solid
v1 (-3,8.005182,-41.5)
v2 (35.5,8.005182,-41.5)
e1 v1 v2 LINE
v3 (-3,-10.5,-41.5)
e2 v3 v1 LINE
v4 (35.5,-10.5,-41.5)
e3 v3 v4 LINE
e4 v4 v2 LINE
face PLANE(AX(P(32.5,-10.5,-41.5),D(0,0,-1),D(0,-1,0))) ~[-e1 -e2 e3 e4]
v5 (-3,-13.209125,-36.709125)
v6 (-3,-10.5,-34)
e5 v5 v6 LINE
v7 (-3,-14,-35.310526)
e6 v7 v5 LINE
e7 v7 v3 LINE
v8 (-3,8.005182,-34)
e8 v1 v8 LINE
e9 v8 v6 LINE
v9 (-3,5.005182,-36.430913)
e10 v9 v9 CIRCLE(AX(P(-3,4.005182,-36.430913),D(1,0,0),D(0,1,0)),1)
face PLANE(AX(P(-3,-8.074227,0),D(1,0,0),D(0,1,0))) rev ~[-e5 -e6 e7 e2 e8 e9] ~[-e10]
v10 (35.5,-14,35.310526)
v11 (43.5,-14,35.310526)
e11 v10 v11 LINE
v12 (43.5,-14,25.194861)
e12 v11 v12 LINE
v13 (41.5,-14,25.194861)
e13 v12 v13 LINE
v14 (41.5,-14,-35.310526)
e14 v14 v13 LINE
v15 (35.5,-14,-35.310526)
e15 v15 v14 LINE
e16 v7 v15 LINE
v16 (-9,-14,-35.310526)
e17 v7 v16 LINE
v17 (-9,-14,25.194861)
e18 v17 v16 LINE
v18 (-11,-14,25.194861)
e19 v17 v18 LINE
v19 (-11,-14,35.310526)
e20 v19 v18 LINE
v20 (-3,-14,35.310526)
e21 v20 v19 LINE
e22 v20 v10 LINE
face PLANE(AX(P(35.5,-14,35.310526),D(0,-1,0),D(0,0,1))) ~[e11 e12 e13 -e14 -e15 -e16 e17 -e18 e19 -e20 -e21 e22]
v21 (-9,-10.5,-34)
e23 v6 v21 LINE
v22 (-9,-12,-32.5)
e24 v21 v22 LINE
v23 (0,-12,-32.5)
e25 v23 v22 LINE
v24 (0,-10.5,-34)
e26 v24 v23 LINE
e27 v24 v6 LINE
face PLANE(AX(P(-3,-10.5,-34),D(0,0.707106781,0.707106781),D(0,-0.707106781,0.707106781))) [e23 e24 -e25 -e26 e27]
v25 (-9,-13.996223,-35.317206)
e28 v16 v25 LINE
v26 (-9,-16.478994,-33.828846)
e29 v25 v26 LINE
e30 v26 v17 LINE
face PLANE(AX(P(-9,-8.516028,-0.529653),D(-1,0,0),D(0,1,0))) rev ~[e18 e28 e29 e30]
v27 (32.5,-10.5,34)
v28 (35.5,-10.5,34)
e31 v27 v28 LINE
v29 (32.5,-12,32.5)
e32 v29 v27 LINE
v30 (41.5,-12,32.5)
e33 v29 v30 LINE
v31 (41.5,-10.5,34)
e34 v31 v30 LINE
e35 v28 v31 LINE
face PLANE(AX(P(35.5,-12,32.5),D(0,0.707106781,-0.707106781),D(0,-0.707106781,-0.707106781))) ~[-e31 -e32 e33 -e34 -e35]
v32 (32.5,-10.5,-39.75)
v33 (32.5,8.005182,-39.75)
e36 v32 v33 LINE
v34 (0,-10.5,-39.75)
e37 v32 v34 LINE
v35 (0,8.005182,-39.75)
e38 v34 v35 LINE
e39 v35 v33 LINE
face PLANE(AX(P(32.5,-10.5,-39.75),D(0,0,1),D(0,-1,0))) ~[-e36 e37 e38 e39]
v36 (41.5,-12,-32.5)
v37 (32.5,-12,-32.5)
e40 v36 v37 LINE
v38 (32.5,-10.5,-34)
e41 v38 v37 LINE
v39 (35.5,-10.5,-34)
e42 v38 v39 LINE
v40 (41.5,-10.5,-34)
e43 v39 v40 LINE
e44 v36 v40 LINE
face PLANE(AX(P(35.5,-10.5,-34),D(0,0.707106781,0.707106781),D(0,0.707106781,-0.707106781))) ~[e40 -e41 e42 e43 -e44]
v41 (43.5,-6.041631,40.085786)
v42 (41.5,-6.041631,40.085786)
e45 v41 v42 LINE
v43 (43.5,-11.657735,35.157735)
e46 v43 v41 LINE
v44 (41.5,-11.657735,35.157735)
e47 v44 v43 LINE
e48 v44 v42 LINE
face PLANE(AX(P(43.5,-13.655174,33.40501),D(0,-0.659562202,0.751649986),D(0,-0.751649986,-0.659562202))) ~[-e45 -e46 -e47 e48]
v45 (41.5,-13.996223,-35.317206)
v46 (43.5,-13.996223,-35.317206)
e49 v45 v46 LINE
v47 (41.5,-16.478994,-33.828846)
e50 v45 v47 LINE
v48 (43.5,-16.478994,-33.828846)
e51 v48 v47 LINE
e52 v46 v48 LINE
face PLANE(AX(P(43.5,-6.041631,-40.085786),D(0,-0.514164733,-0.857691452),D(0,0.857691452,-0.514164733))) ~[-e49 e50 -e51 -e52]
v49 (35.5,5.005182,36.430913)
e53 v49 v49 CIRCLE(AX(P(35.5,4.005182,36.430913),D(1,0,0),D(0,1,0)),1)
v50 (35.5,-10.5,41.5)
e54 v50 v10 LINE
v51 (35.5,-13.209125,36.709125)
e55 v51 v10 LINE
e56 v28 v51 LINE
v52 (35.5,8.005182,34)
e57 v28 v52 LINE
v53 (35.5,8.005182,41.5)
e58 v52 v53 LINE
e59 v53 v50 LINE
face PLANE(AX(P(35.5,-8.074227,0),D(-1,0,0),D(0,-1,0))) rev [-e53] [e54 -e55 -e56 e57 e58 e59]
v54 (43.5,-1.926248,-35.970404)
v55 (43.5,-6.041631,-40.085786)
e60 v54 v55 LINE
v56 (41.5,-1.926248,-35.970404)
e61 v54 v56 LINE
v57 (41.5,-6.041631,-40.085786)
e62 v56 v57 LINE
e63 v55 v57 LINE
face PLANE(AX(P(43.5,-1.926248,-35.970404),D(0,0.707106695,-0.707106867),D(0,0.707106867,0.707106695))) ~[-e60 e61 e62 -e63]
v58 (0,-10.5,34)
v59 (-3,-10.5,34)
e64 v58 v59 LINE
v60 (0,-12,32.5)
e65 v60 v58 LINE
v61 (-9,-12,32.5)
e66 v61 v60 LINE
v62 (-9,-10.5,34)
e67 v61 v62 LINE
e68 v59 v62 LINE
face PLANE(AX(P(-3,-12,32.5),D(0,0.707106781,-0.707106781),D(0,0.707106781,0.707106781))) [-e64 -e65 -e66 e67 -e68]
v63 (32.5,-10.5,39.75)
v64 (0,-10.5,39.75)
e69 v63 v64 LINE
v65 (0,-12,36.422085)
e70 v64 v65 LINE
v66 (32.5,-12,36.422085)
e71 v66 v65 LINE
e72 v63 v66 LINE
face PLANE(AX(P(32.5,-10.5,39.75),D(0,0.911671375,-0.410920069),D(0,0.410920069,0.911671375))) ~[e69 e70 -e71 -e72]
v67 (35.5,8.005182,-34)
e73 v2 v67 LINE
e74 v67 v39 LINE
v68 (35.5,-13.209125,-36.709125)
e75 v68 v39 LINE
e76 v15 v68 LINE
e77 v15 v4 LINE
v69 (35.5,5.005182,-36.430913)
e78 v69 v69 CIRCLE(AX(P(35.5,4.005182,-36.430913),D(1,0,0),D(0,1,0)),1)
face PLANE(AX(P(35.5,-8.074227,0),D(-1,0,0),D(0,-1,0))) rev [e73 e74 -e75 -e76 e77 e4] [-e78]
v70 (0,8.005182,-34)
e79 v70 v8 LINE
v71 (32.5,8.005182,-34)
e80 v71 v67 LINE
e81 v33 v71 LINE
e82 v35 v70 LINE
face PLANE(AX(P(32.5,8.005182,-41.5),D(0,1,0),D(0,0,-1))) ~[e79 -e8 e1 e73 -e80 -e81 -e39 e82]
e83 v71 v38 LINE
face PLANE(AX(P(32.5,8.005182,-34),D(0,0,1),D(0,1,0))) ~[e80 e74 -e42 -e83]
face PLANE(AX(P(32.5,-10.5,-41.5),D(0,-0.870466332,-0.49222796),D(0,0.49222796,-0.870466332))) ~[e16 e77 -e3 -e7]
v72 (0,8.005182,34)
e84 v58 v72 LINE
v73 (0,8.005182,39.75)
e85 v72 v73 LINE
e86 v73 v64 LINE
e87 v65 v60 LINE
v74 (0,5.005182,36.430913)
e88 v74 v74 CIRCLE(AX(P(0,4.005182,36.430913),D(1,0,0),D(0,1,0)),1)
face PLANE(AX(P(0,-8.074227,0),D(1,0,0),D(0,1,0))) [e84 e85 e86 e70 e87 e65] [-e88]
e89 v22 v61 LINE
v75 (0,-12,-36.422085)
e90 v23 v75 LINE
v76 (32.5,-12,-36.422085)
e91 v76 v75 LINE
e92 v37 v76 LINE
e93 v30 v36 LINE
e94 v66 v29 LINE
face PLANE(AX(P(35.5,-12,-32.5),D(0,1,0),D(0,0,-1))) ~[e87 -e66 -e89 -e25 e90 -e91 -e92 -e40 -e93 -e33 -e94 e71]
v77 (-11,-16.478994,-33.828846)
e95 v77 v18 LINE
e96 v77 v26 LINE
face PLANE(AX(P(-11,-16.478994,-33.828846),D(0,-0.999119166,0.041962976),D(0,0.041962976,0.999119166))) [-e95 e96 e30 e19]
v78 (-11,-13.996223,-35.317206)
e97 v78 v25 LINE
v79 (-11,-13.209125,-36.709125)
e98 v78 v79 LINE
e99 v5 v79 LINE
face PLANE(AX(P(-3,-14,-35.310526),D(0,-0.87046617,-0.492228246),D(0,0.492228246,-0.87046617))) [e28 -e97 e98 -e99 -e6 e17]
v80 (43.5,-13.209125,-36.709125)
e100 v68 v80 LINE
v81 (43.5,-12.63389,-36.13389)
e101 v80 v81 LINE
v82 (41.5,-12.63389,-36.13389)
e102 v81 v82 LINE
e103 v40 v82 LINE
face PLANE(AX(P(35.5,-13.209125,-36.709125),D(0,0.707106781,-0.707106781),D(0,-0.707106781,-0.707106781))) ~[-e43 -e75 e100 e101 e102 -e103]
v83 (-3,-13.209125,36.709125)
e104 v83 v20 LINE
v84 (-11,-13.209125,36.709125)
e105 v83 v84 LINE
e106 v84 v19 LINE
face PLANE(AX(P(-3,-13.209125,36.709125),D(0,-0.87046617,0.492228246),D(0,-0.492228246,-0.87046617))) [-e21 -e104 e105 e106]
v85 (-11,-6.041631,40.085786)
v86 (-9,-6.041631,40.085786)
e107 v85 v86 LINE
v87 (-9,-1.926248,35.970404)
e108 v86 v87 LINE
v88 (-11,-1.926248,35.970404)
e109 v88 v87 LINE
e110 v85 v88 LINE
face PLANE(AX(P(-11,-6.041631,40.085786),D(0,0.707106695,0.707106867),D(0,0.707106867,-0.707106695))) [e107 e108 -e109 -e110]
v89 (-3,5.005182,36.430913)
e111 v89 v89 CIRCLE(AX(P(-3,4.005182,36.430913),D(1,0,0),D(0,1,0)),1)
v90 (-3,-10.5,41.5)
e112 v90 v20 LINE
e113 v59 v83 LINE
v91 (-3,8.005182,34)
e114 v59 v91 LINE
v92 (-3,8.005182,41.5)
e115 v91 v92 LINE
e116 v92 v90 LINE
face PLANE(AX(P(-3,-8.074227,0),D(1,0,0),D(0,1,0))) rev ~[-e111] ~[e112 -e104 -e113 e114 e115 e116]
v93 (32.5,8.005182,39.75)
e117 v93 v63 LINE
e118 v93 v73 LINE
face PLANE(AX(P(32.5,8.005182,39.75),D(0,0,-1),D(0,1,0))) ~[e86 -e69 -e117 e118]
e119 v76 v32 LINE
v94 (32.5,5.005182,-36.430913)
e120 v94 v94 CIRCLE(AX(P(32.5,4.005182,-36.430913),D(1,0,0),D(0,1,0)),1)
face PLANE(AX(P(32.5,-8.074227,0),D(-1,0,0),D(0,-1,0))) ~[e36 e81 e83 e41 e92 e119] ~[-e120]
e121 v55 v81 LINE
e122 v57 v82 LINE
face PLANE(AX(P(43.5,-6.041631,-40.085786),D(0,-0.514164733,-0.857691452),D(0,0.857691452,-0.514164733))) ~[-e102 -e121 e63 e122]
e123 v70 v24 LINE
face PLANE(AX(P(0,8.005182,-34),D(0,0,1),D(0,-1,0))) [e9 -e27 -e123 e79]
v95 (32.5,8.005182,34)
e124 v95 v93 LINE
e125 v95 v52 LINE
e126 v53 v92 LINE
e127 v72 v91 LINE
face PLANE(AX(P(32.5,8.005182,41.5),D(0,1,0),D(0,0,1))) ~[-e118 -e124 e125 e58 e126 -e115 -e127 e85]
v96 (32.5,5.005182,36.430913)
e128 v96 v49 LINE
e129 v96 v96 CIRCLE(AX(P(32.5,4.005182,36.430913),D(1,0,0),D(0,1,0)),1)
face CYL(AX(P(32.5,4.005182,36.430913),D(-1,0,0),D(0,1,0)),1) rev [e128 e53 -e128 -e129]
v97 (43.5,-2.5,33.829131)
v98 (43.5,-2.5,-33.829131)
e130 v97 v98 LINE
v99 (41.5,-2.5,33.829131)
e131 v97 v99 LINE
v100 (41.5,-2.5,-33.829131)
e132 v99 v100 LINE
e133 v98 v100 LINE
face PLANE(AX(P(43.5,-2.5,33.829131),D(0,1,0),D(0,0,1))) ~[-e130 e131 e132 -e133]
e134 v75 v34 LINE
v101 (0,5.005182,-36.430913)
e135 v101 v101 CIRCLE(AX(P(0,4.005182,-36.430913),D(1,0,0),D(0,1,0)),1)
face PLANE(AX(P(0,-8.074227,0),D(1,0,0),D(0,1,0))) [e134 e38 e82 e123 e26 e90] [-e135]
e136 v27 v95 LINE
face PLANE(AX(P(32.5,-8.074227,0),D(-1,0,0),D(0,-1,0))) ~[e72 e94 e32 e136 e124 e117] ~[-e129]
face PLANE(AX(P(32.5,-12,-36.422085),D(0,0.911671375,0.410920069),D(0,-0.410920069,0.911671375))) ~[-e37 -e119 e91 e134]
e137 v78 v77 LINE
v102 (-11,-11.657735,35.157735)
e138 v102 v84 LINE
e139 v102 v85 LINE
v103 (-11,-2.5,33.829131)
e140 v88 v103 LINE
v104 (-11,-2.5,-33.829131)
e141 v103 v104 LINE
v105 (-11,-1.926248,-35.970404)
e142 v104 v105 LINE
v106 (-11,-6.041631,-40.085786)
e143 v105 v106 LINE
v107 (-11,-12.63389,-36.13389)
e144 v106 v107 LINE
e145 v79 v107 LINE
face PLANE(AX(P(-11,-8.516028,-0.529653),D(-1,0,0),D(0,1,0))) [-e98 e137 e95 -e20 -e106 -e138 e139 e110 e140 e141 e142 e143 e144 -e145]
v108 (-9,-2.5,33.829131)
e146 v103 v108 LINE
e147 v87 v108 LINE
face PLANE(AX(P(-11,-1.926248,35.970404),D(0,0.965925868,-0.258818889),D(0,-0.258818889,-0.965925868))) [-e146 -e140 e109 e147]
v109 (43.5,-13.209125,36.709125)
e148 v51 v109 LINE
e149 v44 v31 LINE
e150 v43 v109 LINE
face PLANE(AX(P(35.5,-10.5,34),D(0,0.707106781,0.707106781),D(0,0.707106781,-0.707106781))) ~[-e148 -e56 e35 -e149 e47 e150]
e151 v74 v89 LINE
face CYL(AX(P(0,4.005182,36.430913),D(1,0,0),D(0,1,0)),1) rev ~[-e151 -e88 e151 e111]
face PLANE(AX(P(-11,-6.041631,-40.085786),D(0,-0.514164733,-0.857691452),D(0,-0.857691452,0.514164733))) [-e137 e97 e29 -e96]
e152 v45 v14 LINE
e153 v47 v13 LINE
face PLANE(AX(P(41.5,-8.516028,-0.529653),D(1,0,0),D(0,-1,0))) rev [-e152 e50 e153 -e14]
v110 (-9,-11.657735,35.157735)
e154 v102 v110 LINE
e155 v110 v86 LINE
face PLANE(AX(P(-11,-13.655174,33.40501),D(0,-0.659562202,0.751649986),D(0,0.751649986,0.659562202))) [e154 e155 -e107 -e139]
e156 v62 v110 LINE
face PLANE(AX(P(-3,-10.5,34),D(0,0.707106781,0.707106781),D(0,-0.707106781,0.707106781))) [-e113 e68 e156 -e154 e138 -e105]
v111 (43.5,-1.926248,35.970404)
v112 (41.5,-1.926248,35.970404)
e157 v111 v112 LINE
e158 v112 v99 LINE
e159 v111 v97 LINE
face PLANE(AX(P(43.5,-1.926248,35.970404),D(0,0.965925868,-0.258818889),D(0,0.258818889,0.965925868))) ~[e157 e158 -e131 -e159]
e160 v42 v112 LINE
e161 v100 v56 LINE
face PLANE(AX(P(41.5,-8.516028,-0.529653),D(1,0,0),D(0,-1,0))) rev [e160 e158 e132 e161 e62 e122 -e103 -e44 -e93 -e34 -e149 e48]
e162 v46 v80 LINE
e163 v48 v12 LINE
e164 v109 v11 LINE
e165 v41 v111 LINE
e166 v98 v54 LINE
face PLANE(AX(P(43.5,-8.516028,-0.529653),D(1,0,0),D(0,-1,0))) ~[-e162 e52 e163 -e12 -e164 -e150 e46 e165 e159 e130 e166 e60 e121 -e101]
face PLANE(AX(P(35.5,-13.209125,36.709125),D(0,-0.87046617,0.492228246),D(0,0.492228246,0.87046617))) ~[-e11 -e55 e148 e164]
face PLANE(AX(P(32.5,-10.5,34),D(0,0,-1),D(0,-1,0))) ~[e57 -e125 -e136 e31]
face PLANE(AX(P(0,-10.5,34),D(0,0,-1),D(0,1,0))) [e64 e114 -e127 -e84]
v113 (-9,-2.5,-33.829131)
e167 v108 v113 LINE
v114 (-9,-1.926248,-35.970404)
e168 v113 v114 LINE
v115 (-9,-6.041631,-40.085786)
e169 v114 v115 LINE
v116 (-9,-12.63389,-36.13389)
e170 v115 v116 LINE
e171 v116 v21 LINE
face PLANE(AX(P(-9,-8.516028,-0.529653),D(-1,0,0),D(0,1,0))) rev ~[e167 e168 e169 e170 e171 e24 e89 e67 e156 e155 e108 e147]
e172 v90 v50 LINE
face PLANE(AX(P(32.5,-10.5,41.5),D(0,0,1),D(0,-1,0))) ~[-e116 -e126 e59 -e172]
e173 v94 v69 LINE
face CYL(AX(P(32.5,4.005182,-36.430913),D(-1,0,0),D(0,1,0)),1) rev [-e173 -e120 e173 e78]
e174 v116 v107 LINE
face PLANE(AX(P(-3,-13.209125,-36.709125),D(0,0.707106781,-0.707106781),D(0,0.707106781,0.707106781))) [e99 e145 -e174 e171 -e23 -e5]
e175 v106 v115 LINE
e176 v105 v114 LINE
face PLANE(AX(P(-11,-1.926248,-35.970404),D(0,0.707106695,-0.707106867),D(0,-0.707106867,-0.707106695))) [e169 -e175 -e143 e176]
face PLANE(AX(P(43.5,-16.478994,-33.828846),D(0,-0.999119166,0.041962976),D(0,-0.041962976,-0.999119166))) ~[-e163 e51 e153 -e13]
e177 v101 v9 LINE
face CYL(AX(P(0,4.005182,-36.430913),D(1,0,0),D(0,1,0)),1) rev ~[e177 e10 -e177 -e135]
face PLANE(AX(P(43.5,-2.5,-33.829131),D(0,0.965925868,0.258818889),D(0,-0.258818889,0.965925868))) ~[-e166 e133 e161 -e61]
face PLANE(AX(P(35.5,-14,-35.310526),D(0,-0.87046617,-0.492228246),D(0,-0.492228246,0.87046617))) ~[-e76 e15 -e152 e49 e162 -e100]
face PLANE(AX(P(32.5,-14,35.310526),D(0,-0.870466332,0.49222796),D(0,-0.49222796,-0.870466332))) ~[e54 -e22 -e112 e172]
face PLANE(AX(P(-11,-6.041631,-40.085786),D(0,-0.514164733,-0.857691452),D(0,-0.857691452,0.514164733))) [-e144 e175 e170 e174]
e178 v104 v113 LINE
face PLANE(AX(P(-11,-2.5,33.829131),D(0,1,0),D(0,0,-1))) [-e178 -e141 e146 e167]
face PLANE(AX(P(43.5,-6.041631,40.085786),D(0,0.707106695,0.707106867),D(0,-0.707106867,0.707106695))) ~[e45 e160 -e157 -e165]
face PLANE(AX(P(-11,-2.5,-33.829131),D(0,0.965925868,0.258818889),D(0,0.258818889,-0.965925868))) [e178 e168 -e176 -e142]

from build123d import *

# Parameters (mm, degrees)
SKETCH_R     = 1
PAD_DEPTH    = 3
PAD001_DEPTH = 16.25
PAD002_DEPTH = 8
PAD003_DEPTH = 2


with BuildPart() as part:
    # Sketch → Pad (new body)
    with BuildSketch(Plane.YZ):
        Polygon((8.005182, 34), (8.005182, 41.5), (-10.5, 41.5), (-14, 35.310526), (-14, -35.310526), (-10.5, -41.5), (8.005182, -41.5), (8.005182, -34), (-10.5, -34), (-12, -32.5), (-12, 32.5), (-10.5, 34), align=None)
        with Locations((4.005182, 36.430913)):
            Circle(SKETCH_R, mode=Mode.SUBTRACT)
        with Locations((4.005182, -36.430913)):
            Circle(SKETCH_R, mode=Mode.SUBTRACT)
    pad = extrude(amount=-PAD_DEPTH)

    # Sketch002 (on Face15 of Pad) → Pad001 (join)
    with BuildSketch(Plane.YZ):
        Polygon((-10.5, 41.5), (8.005182, 41.5), (8.005182, 39.75), (-10.5, 39.75), (-12, 36.422085), (-12, -36.422085), (-10.5, -39.75), (8.005182, -39.75), (8.005182, -41.5), (-10.5, -41.5), (-14, -35.310526), (-14, 35.310526), align=None)
    pad001 = extrude(amount=PAD001_DEPTH)

    # Sketch003 (on Face6 of Pad001) → Pad002 (join)
    with BuildSketch(Plane(origin=(-3, 0, 0), x_dir=(0, 1, 0), z_dir=(-1, 0, 0))):
        Polygon((-12, 32.5), (-12, -32.5), (-10.5, -34), (-13.209125, -36.709125), (-14, -35.310526), (-14, 35.310526), (-13.209125, 36.709125), (-10.5, 34), align=None)
    pad002 = extrude(amount=PAD002_DEPTH)

    # Sketch004 (on Face28 of Pad002) → Pad003 (join)
    with BuildSketch(Plane(origin=(-11, 0, 0), x_dir=(0, 1, 0), z_dir=(-1, 0, 0))):
        Polygon((-6.041631, 40.085786), (-16.478994, 33.828846), (-13.655174, -33.40501), (-6.041631, -40.085786), (-1.926248, -35.970404), (-2.5, -33.829131), (-2.5, 33.829131), (-1.926248, 35.970404), align=None)
    pad003 = extrude(amount=-PAD003_DEPTH)

    # Mirrored: Pad, Pad001, Pad002, Pad003 across face of Pad003
    add(pad.mirror(Plane(origin=(16.25, -9.470165, 0), x_dir=(0, 1, 0), z_dir=(1, 0, 0))))
    add(pad001.mirror(Plane(origin=(16.25, -9.470165, 0), x_dir=(0, 1, 0), z_dir=(1, 0, 0))))
    add(pad002.mirror(Plane(origin=(16.25, -9.470165, 0), x_dir=(0, 1, 0), z_dir=(1, 0, 0))))
    add(pad003.mirror(Plane(origin=(16.25, -9.470165, 0), x_dir=(0, 1, 0), z_dir=(1, 0, 0))))


solid = part.part
